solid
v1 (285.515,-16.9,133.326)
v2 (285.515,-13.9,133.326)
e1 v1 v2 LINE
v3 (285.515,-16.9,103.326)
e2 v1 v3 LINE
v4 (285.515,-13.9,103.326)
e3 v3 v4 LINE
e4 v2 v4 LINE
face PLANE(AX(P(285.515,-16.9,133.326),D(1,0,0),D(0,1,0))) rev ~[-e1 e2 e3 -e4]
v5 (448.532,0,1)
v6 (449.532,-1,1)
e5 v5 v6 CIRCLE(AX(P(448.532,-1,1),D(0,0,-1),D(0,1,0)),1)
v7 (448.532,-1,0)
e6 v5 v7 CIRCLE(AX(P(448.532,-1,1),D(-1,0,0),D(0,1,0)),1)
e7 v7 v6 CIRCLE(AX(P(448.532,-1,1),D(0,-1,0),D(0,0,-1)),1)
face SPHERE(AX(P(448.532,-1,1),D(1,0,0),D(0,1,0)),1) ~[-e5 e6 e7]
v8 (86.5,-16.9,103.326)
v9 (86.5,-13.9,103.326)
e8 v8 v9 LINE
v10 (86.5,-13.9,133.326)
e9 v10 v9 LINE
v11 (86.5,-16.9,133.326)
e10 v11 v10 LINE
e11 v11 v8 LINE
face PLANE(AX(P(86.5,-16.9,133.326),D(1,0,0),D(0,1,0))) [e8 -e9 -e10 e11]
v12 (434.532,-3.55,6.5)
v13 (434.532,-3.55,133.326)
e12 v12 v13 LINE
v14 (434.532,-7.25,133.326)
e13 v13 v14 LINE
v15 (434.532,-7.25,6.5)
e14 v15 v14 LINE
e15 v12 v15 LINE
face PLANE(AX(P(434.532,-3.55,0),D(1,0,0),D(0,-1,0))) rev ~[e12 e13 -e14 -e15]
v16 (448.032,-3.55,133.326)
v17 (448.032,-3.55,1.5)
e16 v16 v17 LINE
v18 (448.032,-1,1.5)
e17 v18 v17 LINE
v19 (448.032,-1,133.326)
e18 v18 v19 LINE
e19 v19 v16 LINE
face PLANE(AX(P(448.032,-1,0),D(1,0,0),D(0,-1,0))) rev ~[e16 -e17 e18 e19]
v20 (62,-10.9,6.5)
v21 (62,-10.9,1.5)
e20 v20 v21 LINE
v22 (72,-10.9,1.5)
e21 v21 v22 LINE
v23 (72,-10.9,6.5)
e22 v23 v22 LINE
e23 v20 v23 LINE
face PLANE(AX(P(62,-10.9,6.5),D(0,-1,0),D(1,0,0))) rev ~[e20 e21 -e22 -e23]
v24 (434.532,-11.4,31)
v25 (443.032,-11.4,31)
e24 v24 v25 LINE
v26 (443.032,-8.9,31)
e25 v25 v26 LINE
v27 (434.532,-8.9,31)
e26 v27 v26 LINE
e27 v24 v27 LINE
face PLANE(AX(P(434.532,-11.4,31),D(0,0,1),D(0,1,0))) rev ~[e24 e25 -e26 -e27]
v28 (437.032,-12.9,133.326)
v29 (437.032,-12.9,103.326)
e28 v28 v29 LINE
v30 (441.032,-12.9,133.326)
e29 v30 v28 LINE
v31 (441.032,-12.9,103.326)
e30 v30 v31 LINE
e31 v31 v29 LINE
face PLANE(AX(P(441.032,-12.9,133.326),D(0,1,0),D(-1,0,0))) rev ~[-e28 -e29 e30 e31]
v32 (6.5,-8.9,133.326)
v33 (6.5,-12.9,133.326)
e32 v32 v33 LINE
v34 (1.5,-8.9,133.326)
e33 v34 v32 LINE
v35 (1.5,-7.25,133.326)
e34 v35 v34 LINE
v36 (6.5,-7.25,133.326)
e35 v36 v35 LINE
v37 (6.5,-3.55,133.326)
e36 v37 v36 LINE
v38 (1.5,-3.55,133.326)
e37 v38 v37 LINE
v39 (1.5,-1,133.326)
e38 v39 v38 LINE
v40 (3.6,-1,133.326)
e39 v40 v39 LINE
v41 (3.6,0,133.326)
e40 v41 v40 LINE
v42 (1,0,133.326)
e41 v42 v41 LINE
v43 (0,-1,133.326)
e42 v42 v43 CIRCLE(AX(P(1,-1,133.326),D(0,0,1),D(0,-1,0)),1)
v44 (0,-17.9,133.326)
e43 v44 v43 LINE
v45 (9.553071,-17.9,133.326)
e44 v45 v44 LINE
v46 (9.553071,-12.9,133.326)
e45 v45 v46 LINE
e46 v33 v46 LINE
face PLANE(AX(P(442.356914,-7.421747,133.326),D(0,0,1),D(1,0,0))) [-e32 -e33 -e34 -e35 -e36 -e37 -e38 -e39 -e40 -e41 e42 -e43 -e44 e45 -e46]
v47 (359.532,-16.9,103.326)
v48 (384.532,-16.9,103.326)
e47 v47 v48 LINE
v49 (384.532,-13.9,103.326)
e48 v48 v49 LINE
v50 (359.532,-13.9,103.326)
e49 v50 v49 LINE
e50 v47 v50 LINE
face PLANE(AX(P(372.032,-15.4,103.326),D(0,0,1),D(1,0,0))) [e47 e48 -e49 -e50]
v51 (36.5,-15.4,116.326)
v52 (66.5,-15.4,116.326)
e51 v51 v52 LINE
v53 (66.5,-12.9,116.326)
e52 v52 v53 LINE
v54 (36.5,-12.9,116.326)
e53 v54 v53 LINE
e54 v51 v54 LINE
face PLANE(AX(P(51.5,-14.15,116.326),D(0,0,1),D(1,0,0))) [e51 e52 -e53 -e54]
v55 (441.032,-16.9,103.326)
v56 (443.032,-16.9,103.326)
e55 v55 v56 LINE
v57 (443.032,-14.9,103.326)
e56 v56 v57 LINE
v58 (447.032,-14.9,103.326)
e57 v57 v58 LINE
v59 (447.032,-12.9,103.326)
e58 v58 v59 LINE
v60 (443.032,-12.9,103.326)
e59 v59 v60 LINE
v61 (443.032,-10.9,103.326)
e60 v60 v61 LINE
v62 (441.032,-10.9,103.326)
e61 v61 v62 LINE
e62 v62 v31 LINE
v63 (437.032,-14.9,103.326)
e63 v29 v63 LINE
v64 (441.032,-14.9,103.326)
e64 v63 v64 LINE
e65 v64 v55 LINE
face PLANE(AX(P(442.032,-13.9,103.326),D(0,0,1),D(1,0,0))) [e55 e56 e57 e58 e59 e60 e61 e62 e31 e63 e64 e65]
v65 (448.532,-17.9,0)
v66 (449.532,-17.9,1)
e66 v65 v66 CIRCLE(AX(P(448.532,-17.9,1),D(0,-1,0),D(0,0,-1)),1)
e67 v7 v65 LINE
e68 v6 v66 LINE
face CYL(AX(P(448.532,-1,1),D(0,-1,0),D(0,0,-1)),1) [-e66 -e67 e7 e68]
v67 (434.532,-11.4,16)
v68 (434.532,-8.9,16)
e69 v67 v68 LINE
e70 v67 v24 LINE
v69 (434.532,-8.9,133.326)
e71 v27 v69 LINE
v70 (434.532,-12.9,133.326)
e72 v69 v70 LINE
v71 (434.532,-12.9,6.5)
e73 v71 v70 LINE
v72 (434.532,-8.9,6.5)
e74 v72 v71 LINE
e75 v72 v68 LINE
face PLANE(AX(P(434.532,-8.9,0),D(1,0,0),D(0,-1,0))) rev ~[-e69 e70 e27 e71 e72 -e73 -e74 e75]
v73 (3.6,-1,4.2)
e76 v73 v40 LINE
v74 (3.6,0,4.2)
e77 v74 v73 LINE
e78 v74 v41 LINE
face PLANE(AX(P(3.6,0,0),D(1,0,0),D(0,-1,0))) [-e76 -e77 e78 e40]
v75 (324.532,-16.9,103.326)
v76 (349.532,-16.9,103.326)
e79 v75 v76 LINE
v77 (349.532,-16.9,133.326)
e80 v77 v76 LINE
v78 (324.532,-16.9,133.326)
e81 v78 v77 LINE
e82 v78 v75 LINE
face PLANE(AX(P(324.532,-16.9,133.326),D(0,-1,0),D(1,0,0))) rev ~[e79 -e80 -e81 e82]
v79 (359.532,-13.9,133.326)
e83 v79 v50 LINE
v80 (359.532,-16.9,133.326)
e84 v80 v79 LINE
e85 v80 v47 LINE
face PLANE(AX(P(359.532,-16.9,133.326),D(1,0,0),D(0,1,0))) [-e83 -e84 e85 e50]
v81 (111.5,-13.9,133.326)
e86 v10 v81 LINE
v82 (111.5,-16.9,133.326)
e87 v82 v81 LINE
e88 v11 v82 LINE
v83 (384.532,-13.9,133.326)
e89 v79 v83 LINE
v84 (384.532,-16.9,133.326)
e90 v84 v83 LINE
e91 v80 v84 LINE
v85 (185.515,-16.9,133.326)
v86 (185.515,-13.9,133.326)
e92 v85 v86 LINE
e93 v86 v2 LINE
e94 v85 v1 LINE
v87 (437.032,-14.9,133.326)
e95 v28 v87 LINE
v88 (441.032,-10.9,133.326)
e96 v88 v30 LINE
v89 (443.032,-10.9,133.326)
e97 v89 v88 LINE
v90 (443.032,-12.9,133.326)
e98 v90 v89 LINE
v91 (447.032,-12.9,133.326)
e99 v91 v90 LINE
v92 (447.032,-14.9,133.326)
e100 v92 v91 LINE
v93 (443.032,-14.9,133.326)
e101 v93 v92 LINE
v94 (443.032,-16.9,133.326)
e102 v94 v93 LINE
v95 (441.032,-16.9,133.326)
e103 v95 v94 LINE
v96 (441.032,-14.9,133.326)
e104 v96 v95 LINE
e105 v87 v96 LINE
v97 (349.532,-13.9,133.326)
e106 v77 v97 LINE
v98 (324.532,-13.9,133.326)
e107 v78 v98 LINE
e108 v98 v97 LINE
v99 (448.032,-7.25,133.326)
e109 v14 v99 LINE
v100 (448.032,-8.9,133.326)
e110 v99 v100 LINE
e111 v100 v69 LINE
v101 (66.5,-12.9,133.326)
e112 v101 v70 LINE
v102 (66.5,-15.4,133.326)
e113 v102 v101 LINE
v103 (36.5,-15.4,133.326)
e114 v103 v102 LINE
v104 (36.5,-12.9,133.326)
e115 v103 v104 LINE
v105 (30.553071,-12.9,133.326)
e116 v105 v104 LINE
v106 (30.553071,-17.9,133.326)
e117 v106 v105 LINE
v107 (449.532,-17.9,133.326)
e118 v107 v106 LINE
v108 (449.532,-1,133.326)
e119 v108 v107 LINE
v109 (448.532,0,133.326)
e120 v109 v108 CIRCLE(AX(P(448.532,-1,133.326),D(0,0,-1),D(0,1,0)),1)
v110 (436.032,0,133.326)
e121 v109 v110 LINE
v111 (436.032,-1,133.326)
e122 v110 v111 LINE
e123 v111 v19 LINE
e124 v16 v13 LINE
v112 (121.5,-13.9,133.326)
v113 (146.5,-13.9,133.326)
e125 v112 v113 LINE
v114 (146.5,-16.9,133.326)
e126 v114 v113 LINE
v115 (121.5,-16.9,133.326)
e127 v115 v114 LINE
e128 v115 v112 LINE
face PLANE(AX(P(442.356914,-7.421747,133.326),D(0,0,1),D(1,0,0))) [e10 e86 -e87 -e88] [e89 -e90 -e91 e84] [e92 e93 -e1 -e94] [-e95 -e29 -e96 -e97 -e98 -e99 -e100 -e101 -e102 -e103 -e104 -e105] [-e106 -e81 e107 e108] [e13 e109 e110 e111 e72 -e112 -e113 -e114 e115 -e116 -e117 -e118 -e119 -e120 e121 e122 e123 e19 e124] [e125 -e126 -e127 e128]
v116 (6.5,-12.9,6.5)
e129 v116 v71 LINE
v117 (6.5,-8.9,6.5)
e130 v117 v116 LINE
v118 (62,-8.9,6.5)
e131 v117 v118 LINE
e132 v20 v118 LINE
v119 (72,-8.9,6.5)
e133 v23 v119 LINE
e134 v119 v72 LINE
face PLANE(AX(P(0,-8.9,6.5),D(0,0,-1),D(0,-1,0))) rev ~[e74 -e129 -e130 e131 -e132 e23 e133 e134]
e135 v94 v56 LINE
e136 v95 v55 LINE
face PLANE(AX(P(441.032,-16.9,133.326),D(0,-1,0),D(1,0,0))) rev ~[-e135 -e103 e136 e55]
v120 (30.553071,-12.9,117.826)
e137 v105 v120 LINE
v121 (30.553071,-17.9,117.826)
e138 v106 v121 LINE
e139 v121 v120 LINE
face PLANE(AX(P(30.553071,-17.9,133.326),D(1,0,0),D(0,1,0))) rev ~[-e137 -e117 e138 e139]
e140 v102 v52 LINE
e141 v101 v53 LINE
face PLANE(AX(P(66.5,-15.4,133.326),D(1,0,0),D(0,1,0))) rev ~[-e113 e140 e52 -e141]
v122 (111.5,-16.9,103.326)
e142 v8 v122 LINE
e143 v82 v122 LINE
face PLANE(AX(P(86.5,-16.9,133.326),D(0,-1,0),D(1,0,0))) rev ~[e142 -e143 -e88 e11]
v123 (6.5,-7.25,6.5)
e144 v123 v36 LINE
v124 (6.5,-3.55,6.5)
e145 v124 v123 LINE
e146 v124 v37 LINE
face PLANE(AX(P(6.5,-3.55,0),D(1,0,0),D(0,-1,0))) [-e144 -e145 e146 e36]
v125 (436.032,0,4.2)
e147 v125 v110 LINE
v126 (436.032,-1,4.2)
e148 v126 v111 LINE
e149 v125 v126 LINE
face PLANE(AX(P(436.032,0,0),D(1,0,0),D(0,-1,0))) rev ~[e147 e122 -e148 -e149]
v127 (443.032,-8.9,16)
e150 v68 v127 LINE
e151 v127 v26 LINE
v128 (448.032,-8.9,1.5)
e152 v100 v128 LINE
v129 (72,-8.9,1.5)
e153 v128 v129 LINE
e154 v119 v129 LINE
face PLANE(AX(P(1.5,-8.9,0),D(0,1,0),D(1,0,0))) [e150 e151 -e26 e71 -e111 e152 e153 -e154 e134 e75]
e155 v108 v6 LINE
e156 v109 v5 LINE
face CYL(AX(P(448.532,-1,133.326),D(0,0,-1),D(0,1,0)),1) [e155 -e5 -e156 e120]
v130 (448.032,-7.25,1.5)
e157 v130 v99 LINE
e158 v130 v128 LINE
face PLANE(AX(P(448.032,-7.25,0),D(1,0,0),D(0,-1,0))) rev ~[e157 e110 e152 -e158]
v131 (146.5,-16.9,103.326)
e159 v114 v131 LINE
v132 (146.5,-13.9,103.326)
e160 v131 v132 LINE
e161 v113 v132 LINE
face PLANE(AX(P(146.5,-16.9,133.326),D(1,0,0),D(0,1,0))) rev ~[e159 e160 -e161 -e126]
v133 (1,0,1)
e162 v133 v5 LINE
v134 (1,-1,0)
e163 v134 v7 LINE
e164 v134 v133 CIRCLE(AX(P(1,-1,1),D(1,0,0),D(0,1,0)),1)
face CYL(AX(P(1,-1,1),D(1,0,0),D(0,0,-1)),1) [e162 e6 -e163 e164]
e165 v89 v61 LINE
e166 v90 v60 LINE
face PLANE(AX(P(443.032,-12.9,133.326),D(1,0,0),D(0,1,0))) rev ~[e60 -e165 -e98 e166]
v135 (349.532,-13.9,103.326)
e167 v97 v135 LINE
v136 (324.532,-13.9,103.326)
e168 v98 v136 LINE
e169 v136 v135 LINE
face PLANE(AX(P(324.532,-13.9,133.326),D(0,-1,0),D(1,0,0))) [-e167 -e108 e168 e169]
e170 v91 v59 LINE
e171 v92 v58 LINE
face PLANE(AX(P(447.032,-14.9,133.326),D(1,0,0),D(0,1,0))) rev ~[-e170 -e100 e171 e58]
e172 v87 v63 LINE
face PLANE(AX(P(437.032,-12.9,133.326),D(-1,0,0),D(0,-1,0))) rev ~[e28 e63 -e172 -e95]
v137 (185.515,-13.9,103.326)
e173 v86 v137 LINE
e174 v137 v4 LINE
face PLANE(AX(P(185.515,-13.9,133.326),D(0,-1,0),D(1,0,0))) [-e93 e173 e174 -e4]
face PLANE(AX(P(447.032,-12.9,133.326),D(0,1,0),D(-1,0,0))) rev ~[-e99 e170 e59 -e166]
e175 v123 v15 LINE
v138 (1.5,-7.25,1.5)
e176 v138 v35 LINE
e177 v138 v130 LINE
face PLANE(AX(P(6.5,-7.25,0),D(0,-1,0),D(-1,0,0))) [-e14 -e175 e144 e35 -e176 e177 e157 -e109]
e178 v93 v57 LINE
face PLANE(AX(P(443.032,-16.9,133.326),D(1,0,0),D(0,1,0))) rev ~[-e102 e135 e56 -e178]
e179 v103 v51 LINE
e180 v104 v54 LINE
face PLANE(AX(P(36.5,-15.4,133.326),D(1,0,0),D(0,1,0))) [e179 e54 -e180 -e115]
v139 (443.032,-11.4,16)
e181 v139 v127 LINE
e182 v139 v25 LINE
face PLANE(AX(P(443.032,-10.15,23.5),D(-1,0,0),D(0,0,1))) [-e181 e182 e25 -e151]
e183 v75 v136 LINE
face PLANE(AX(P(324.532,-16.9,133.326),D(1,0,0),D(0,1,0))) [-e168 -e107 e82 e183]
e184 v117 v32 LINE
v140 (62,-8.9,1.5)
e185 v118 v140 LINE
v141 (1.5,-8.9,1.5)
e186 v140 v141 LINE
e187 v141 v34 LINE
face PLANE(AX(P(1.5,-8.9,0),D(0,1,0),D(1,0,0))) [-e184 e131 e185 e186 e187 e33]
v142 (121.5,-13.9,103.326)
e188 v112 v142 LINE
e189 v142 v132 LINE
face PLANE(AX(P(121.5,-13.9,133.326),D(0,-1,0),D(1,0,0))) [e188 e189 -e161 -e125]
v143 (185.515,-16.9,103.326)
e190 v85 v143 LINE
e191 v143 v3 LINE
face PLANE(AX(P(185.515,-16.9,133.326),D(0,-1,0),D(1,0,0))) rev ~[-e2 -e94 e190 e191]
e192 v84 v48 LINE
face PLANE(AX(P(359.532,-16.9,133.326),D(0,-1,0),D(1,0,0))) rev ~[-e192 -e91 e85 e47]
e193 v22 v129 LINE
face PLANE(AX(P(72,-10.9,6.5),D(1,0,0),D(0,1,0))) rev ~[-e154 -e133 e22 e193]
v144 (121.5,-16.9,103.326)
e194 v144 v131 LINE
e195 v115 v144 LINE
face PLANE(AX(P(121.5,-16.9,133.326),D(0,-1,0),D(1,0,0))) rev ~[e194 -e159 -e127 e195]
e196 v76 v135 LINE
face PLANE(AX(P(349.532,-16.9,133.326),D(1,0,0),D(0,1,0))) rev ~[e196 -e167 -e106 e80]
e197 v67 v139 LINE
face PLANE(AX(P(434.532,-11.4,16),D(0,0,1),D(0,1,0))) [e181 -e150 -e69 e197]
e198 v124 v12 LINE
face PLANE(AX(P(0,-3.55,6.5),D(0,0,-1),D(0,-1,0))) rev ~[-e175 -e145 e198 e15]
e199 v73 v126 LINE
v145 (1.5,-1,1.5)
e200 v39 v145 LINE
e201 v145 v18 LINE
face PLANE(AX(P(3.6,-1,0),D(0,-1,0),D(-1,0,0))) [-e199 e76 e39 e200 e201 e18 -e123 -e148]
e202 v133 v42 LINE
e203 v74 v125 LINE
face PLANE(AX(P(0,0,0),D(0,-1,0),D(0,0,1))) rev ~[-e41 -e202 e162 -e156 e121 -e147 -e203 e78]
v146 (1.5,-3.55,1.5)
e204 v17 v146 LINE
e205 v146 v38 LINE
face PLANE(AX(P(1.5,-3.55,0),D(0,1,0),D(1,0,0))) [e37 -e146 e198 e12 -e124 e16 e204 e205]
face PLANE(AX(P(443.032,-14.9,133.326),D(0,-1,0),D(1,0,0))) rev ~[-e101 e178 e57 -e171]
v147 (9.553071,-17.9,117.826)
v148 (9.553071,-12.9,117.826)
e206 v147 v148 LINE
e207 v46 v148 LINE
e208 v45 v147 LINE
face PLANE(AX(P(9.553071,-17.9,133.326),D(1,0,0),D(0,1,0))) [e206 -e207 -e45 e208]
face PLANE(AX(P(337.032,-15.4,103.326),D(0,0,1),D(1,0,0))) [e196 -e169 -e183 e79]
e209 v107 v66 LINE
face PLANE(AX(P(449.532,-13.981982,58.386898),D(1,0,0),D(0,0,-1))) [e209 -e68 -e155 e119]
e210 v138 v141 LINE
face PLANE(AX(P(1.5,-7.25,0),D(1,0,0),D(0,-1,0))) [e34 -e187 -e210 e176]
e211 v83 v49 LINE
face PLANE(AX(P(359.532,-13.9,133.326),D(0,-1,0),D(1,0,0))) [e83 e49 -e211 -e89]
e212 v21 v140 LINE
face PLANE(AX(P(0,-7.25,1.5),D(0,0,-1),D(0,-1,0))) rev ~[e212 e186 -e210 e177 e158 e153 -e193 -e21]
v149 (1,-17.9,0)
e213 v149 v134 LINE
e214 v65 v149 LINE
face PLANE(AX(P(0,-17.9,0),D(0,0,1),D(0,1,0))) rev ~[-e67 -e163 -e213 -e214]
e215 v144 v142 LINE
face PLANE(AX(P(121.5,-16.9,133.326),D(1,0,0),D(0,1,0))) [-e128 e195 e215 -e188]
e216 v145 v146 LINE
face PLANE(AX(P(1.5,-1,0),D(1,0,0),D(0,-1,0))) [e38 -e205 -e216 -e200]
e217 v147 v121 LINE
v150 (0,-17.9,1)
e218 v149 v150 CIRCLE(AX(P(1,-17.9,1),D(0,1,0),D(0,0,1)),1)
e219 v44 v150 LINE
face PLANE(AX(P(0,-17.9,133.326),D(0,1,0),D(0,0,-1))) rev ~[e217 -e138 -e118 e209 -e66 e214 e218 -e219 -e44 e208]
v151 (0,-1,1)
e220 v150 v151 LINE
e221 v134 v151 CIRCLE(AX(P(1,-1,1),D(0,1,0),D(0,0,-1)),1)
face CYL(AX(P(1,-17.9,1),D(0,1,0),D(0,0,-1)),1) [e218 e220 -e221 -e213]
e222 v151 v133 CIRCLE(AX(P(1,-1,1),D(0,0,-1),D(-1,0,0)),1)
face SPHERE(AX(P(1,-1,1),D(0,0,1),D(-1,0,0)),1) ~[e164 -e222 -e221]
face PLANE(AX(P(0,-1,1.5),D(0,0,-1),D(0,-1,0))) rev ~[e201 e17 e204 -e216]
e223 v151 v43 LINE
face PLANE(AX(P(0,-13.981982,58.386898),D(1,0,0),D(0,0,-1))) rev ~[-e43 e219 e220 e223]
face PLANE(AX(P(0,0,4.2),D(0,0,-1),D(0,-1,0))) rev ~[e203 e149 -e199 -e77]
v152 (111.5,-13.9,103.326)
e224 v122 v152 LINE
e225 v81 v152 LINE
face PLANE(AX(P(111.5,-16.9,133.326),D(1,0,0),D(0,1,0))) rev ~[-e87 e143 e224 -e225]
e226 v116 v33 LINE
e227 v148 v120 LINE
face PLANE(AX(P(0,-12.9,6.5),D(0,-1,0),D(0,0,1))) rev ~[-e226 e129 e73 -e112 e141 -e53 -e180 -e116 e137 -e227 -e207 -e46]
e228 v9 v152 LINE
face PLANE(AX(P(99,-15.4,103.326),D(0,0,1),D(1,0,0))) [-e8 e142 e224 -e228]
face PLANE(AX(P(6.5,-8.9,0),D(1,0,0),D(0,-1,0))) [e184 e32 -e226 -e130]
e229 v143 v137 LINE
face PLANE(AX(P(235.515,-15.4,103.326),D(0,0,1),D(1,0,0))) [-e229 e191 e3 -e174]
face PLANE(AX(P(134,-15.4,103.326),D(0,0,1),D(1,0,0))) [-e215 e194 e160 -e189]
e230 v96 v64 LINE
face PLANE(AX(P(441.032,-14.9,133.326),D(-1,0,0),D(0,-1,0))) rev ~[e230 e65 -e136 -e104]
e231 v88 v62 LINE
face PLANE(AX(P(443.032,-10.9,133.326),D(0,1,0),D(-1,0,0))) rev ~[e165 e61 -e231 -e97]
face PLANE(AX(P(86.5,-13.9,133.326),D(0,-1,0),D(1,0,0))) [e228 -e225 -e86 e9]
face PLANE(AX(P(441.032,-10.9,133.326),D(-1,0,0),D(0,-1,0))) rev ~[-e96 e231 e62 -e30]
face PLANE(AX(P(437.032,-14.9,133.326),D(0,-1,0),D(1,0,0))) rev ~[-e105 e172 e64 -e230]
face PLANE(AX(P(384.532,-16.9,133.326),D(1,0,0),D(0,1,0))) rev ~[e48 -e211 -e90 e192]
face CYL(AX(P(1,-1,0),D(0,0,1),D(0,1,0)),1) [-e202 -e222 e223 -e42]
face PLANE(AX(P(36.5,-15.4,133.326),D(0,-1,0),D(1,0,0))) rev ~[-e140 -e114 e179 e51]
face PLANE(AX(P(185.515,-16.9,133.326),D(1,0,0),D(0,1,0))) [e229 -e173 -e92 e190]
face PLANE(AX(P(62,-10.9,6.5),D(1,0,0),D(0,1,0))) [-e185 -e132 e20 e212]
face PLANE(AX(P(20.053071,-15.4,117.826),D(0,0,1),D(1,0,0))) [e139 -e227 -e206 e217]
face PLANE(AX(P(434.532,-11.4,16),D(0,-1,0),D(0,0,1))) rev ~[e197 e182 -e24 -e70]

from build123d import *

# Parameters (mm, degrees)
EXTRUDE_1_DEPTH     = 449.532
EXTRUDE_2_DEPTH     = 133.326
EXTRUDE_3_DEPTH     = 133.326
SKETCH_6_W          = 10
SKETCH_6_H          = 2
CUT_EXTRUDE_4_DEPTH = 5
SKETCH_7_W          = 15
SKETCH_7_H          = 2.5
CUT_EXTRUDE_5_DEPTH = 8.5
SKETCH_9_W          = 100
SKETCH_9_H          = 3
SKETCH_9_W_2        = 25
CUT_EXTRUDE_7_DEPTH = 30
SKETCH_10_W         = 21
SKETCH_10_H         = 5
CUT_EXTRUDE_8_DEPTH = 15.5
SKETCH_11_W         = 30
SKETCH_11_H         = 2.5
CUT_EXTRUDE_9_DEPTH = 17
FILLET_1_R          = 1
FILLET_2_R          = 1
FILLET_4_R          = 1


with BuildPart() as part:
    # 草图1 → 凸台-拉伸1 (new body)
    with BuildSketch(Plane(origin=(0, 0, 0), x_dir=(0, 0, -1), z_dir=(1, 0, 0))):
        Polygon((0, 0), (-4.2, 0), (-4.2, -1), (-1.5, -1), (-1.5, -3.55), (-6.5, -3.55), (-6.5, -7.25), (-1.5, -7.25), (-1.5, -8.9), (-6.5, -8.9), (-6.5, -12.9), (-133.326, -12.9), (-133.326, -17.9), (0, -17.9), align=None)
    extrude(amount=EXTRUDE_1_DEPTH)

    # 草图3 → 凸台-拉伸2 (add)
    with BuildSketch(Plane(origin=(0, 0, 0), x_dir=(-1, 0, 0), z_dir=(0, 0, -1))):
        Polygon((-449.532, 0), (-436.032, 0), (-436.032, -1), (-448.032, -1), (-448.032, -3.55), (-434.532, -3.55), (-434.532, -7.25), (-448.032, -7.25), (-448.032, -8.9), (-434.532, -8.9), (-434.532, -17.9), (-449.532, -17.9), align=None)
    extrude(amount=-EXTRUDE_2_DEPTH)

    # 草图4 → 凸台-拉伸3 (add)
    with BuildSketch(Plane(origin=(0, 0, 0), x_dir=(-1, 0, 0), z_dir=(0, 0, -1))):
        Polygon((0, 0), (-3.6, 0), (-3.6, -1), (-1.5, -1), (-1.5, -3.55), (-6.5, -3.55), (-6.5, -7.25), (-1.5, -7.25), (-1.5, -8.9), (-6.5, -8.9), (-6.5, -17.9), (0, -17.9), align=None)
    extrude(amount=-EXTRUDE_3_DEPTH)

    # 草图6 → 切除-拉伸4 (cut)
    with BuildSketch(Plane.XY.offset(6.5)):
        with Locations((67, -9.9)):
            Rectangle(SKETCH_6_W, SKETCH_6_H)
    extrude(amount=-CUT_EXTRUDE_4_DEPTH, mode=Mode.SUBTRACT)

    # 草图7 → 切除-拉伸5 (cut)
    with BuildSketch(Plane.ZY.offset(-434.532)):
        with Locations((23.5, -10.15)):
            Rectangle(SKETCH_7_W, SKETCH_7_H)
    extrude(amount=-CUT_EXTRUDE_5_DEPTH, mode=Mode.SUBTRACT)

    # 草图9 → 切除-拉伸7 (cut)
    with BuildSketch(Plane.XY.offset(133.326)):
        with Locations((235.515, -15.4)):
            Rectangle(SKETCH_9_W, SKETCH_9_H)
        with Locations((99, -15.4)):
            Rectangle(SKETCH_9_W_2, SKETCH_9_H)
        with Locations((337.032, -15.4)):
            Rectangle(SKETCH_9_W_2, SKETCH_9_H)
        with Locations((134, -15.4)):
            Rectangle(SKETCH_9_W_2, SKETCH_9_H)
        with Locations((372.032, -15.4)):
            Rectangle(SKETCH_9_W_2, SKETCH_9_H)
        Polygon((437.032, -12.9), (437.032, -14.9), (441.032, -14.9), (441.032, -16.9), (443.032, -16.9), (443.032, -14.9), (447.032, -14.9), (447.032, -12.9), (443.032, -12.9), (443.032, -10.9), (441.032, -10.9), (441.032, -12.9), align=None)
    extrude(amount=-CUT_EXTRUDE_7_DEPTH, mode=Mode.SUBTRACT)

    # 草图10 → 切除-拉伸8 (cut)
    with BuildSketch(Plane.XY.offset(133.326)):
        with Locations((20.053070751, -15.4)):
            Rectangle(SKETCH_10_W, SKETCH_10_H)
    extrude(amount=-CUT_EXTRUDE_8_DEPTH, mode=Mode.SUBTRACT)

    # 草图11 → 切除-拉伸9 (cut)
    with BuildSketch(Plane.XY.offset(133.326)):
        with Locations((51.5, -14.15)):
            Rectangle(SKETCH_11_W, SKETCH_11_H)
    extrude(amount=-CUT_EXTRUDE_9_DEPTH, mode=Mode.SUBTRACT)

    # 圆角1
    fillet_1_edges = [part.edges().sort_by_distance(p)[0] for p in [
        (0, 0, 66.663),
    ]]
    fillet(fillet_1_edges, radius=FILLET_1_R)

    # 圆角2
    fillet_2_edges = [part.edges().sort_by_distance(p)[0] for p in [
        (0, -9.45, 0),
        (225.266, 0, 0),
        (0.292893219, -0.292893219, 0),
    ]]
    fillet(fillet_2_edges, radius=FILLET_2_R)

    # 圆角4
    fillet_4_edges = [part.edges().sort_by_distance(p)[0] for p in [
        (449.532, 0, 67.163),
        (449.532, -0.292893219, 0.292893219),
        (449.532, -9.45, 0),
    ]]
    fillet(fillet_4_edges, radius=FILLET_4_R)


solid = part.part
